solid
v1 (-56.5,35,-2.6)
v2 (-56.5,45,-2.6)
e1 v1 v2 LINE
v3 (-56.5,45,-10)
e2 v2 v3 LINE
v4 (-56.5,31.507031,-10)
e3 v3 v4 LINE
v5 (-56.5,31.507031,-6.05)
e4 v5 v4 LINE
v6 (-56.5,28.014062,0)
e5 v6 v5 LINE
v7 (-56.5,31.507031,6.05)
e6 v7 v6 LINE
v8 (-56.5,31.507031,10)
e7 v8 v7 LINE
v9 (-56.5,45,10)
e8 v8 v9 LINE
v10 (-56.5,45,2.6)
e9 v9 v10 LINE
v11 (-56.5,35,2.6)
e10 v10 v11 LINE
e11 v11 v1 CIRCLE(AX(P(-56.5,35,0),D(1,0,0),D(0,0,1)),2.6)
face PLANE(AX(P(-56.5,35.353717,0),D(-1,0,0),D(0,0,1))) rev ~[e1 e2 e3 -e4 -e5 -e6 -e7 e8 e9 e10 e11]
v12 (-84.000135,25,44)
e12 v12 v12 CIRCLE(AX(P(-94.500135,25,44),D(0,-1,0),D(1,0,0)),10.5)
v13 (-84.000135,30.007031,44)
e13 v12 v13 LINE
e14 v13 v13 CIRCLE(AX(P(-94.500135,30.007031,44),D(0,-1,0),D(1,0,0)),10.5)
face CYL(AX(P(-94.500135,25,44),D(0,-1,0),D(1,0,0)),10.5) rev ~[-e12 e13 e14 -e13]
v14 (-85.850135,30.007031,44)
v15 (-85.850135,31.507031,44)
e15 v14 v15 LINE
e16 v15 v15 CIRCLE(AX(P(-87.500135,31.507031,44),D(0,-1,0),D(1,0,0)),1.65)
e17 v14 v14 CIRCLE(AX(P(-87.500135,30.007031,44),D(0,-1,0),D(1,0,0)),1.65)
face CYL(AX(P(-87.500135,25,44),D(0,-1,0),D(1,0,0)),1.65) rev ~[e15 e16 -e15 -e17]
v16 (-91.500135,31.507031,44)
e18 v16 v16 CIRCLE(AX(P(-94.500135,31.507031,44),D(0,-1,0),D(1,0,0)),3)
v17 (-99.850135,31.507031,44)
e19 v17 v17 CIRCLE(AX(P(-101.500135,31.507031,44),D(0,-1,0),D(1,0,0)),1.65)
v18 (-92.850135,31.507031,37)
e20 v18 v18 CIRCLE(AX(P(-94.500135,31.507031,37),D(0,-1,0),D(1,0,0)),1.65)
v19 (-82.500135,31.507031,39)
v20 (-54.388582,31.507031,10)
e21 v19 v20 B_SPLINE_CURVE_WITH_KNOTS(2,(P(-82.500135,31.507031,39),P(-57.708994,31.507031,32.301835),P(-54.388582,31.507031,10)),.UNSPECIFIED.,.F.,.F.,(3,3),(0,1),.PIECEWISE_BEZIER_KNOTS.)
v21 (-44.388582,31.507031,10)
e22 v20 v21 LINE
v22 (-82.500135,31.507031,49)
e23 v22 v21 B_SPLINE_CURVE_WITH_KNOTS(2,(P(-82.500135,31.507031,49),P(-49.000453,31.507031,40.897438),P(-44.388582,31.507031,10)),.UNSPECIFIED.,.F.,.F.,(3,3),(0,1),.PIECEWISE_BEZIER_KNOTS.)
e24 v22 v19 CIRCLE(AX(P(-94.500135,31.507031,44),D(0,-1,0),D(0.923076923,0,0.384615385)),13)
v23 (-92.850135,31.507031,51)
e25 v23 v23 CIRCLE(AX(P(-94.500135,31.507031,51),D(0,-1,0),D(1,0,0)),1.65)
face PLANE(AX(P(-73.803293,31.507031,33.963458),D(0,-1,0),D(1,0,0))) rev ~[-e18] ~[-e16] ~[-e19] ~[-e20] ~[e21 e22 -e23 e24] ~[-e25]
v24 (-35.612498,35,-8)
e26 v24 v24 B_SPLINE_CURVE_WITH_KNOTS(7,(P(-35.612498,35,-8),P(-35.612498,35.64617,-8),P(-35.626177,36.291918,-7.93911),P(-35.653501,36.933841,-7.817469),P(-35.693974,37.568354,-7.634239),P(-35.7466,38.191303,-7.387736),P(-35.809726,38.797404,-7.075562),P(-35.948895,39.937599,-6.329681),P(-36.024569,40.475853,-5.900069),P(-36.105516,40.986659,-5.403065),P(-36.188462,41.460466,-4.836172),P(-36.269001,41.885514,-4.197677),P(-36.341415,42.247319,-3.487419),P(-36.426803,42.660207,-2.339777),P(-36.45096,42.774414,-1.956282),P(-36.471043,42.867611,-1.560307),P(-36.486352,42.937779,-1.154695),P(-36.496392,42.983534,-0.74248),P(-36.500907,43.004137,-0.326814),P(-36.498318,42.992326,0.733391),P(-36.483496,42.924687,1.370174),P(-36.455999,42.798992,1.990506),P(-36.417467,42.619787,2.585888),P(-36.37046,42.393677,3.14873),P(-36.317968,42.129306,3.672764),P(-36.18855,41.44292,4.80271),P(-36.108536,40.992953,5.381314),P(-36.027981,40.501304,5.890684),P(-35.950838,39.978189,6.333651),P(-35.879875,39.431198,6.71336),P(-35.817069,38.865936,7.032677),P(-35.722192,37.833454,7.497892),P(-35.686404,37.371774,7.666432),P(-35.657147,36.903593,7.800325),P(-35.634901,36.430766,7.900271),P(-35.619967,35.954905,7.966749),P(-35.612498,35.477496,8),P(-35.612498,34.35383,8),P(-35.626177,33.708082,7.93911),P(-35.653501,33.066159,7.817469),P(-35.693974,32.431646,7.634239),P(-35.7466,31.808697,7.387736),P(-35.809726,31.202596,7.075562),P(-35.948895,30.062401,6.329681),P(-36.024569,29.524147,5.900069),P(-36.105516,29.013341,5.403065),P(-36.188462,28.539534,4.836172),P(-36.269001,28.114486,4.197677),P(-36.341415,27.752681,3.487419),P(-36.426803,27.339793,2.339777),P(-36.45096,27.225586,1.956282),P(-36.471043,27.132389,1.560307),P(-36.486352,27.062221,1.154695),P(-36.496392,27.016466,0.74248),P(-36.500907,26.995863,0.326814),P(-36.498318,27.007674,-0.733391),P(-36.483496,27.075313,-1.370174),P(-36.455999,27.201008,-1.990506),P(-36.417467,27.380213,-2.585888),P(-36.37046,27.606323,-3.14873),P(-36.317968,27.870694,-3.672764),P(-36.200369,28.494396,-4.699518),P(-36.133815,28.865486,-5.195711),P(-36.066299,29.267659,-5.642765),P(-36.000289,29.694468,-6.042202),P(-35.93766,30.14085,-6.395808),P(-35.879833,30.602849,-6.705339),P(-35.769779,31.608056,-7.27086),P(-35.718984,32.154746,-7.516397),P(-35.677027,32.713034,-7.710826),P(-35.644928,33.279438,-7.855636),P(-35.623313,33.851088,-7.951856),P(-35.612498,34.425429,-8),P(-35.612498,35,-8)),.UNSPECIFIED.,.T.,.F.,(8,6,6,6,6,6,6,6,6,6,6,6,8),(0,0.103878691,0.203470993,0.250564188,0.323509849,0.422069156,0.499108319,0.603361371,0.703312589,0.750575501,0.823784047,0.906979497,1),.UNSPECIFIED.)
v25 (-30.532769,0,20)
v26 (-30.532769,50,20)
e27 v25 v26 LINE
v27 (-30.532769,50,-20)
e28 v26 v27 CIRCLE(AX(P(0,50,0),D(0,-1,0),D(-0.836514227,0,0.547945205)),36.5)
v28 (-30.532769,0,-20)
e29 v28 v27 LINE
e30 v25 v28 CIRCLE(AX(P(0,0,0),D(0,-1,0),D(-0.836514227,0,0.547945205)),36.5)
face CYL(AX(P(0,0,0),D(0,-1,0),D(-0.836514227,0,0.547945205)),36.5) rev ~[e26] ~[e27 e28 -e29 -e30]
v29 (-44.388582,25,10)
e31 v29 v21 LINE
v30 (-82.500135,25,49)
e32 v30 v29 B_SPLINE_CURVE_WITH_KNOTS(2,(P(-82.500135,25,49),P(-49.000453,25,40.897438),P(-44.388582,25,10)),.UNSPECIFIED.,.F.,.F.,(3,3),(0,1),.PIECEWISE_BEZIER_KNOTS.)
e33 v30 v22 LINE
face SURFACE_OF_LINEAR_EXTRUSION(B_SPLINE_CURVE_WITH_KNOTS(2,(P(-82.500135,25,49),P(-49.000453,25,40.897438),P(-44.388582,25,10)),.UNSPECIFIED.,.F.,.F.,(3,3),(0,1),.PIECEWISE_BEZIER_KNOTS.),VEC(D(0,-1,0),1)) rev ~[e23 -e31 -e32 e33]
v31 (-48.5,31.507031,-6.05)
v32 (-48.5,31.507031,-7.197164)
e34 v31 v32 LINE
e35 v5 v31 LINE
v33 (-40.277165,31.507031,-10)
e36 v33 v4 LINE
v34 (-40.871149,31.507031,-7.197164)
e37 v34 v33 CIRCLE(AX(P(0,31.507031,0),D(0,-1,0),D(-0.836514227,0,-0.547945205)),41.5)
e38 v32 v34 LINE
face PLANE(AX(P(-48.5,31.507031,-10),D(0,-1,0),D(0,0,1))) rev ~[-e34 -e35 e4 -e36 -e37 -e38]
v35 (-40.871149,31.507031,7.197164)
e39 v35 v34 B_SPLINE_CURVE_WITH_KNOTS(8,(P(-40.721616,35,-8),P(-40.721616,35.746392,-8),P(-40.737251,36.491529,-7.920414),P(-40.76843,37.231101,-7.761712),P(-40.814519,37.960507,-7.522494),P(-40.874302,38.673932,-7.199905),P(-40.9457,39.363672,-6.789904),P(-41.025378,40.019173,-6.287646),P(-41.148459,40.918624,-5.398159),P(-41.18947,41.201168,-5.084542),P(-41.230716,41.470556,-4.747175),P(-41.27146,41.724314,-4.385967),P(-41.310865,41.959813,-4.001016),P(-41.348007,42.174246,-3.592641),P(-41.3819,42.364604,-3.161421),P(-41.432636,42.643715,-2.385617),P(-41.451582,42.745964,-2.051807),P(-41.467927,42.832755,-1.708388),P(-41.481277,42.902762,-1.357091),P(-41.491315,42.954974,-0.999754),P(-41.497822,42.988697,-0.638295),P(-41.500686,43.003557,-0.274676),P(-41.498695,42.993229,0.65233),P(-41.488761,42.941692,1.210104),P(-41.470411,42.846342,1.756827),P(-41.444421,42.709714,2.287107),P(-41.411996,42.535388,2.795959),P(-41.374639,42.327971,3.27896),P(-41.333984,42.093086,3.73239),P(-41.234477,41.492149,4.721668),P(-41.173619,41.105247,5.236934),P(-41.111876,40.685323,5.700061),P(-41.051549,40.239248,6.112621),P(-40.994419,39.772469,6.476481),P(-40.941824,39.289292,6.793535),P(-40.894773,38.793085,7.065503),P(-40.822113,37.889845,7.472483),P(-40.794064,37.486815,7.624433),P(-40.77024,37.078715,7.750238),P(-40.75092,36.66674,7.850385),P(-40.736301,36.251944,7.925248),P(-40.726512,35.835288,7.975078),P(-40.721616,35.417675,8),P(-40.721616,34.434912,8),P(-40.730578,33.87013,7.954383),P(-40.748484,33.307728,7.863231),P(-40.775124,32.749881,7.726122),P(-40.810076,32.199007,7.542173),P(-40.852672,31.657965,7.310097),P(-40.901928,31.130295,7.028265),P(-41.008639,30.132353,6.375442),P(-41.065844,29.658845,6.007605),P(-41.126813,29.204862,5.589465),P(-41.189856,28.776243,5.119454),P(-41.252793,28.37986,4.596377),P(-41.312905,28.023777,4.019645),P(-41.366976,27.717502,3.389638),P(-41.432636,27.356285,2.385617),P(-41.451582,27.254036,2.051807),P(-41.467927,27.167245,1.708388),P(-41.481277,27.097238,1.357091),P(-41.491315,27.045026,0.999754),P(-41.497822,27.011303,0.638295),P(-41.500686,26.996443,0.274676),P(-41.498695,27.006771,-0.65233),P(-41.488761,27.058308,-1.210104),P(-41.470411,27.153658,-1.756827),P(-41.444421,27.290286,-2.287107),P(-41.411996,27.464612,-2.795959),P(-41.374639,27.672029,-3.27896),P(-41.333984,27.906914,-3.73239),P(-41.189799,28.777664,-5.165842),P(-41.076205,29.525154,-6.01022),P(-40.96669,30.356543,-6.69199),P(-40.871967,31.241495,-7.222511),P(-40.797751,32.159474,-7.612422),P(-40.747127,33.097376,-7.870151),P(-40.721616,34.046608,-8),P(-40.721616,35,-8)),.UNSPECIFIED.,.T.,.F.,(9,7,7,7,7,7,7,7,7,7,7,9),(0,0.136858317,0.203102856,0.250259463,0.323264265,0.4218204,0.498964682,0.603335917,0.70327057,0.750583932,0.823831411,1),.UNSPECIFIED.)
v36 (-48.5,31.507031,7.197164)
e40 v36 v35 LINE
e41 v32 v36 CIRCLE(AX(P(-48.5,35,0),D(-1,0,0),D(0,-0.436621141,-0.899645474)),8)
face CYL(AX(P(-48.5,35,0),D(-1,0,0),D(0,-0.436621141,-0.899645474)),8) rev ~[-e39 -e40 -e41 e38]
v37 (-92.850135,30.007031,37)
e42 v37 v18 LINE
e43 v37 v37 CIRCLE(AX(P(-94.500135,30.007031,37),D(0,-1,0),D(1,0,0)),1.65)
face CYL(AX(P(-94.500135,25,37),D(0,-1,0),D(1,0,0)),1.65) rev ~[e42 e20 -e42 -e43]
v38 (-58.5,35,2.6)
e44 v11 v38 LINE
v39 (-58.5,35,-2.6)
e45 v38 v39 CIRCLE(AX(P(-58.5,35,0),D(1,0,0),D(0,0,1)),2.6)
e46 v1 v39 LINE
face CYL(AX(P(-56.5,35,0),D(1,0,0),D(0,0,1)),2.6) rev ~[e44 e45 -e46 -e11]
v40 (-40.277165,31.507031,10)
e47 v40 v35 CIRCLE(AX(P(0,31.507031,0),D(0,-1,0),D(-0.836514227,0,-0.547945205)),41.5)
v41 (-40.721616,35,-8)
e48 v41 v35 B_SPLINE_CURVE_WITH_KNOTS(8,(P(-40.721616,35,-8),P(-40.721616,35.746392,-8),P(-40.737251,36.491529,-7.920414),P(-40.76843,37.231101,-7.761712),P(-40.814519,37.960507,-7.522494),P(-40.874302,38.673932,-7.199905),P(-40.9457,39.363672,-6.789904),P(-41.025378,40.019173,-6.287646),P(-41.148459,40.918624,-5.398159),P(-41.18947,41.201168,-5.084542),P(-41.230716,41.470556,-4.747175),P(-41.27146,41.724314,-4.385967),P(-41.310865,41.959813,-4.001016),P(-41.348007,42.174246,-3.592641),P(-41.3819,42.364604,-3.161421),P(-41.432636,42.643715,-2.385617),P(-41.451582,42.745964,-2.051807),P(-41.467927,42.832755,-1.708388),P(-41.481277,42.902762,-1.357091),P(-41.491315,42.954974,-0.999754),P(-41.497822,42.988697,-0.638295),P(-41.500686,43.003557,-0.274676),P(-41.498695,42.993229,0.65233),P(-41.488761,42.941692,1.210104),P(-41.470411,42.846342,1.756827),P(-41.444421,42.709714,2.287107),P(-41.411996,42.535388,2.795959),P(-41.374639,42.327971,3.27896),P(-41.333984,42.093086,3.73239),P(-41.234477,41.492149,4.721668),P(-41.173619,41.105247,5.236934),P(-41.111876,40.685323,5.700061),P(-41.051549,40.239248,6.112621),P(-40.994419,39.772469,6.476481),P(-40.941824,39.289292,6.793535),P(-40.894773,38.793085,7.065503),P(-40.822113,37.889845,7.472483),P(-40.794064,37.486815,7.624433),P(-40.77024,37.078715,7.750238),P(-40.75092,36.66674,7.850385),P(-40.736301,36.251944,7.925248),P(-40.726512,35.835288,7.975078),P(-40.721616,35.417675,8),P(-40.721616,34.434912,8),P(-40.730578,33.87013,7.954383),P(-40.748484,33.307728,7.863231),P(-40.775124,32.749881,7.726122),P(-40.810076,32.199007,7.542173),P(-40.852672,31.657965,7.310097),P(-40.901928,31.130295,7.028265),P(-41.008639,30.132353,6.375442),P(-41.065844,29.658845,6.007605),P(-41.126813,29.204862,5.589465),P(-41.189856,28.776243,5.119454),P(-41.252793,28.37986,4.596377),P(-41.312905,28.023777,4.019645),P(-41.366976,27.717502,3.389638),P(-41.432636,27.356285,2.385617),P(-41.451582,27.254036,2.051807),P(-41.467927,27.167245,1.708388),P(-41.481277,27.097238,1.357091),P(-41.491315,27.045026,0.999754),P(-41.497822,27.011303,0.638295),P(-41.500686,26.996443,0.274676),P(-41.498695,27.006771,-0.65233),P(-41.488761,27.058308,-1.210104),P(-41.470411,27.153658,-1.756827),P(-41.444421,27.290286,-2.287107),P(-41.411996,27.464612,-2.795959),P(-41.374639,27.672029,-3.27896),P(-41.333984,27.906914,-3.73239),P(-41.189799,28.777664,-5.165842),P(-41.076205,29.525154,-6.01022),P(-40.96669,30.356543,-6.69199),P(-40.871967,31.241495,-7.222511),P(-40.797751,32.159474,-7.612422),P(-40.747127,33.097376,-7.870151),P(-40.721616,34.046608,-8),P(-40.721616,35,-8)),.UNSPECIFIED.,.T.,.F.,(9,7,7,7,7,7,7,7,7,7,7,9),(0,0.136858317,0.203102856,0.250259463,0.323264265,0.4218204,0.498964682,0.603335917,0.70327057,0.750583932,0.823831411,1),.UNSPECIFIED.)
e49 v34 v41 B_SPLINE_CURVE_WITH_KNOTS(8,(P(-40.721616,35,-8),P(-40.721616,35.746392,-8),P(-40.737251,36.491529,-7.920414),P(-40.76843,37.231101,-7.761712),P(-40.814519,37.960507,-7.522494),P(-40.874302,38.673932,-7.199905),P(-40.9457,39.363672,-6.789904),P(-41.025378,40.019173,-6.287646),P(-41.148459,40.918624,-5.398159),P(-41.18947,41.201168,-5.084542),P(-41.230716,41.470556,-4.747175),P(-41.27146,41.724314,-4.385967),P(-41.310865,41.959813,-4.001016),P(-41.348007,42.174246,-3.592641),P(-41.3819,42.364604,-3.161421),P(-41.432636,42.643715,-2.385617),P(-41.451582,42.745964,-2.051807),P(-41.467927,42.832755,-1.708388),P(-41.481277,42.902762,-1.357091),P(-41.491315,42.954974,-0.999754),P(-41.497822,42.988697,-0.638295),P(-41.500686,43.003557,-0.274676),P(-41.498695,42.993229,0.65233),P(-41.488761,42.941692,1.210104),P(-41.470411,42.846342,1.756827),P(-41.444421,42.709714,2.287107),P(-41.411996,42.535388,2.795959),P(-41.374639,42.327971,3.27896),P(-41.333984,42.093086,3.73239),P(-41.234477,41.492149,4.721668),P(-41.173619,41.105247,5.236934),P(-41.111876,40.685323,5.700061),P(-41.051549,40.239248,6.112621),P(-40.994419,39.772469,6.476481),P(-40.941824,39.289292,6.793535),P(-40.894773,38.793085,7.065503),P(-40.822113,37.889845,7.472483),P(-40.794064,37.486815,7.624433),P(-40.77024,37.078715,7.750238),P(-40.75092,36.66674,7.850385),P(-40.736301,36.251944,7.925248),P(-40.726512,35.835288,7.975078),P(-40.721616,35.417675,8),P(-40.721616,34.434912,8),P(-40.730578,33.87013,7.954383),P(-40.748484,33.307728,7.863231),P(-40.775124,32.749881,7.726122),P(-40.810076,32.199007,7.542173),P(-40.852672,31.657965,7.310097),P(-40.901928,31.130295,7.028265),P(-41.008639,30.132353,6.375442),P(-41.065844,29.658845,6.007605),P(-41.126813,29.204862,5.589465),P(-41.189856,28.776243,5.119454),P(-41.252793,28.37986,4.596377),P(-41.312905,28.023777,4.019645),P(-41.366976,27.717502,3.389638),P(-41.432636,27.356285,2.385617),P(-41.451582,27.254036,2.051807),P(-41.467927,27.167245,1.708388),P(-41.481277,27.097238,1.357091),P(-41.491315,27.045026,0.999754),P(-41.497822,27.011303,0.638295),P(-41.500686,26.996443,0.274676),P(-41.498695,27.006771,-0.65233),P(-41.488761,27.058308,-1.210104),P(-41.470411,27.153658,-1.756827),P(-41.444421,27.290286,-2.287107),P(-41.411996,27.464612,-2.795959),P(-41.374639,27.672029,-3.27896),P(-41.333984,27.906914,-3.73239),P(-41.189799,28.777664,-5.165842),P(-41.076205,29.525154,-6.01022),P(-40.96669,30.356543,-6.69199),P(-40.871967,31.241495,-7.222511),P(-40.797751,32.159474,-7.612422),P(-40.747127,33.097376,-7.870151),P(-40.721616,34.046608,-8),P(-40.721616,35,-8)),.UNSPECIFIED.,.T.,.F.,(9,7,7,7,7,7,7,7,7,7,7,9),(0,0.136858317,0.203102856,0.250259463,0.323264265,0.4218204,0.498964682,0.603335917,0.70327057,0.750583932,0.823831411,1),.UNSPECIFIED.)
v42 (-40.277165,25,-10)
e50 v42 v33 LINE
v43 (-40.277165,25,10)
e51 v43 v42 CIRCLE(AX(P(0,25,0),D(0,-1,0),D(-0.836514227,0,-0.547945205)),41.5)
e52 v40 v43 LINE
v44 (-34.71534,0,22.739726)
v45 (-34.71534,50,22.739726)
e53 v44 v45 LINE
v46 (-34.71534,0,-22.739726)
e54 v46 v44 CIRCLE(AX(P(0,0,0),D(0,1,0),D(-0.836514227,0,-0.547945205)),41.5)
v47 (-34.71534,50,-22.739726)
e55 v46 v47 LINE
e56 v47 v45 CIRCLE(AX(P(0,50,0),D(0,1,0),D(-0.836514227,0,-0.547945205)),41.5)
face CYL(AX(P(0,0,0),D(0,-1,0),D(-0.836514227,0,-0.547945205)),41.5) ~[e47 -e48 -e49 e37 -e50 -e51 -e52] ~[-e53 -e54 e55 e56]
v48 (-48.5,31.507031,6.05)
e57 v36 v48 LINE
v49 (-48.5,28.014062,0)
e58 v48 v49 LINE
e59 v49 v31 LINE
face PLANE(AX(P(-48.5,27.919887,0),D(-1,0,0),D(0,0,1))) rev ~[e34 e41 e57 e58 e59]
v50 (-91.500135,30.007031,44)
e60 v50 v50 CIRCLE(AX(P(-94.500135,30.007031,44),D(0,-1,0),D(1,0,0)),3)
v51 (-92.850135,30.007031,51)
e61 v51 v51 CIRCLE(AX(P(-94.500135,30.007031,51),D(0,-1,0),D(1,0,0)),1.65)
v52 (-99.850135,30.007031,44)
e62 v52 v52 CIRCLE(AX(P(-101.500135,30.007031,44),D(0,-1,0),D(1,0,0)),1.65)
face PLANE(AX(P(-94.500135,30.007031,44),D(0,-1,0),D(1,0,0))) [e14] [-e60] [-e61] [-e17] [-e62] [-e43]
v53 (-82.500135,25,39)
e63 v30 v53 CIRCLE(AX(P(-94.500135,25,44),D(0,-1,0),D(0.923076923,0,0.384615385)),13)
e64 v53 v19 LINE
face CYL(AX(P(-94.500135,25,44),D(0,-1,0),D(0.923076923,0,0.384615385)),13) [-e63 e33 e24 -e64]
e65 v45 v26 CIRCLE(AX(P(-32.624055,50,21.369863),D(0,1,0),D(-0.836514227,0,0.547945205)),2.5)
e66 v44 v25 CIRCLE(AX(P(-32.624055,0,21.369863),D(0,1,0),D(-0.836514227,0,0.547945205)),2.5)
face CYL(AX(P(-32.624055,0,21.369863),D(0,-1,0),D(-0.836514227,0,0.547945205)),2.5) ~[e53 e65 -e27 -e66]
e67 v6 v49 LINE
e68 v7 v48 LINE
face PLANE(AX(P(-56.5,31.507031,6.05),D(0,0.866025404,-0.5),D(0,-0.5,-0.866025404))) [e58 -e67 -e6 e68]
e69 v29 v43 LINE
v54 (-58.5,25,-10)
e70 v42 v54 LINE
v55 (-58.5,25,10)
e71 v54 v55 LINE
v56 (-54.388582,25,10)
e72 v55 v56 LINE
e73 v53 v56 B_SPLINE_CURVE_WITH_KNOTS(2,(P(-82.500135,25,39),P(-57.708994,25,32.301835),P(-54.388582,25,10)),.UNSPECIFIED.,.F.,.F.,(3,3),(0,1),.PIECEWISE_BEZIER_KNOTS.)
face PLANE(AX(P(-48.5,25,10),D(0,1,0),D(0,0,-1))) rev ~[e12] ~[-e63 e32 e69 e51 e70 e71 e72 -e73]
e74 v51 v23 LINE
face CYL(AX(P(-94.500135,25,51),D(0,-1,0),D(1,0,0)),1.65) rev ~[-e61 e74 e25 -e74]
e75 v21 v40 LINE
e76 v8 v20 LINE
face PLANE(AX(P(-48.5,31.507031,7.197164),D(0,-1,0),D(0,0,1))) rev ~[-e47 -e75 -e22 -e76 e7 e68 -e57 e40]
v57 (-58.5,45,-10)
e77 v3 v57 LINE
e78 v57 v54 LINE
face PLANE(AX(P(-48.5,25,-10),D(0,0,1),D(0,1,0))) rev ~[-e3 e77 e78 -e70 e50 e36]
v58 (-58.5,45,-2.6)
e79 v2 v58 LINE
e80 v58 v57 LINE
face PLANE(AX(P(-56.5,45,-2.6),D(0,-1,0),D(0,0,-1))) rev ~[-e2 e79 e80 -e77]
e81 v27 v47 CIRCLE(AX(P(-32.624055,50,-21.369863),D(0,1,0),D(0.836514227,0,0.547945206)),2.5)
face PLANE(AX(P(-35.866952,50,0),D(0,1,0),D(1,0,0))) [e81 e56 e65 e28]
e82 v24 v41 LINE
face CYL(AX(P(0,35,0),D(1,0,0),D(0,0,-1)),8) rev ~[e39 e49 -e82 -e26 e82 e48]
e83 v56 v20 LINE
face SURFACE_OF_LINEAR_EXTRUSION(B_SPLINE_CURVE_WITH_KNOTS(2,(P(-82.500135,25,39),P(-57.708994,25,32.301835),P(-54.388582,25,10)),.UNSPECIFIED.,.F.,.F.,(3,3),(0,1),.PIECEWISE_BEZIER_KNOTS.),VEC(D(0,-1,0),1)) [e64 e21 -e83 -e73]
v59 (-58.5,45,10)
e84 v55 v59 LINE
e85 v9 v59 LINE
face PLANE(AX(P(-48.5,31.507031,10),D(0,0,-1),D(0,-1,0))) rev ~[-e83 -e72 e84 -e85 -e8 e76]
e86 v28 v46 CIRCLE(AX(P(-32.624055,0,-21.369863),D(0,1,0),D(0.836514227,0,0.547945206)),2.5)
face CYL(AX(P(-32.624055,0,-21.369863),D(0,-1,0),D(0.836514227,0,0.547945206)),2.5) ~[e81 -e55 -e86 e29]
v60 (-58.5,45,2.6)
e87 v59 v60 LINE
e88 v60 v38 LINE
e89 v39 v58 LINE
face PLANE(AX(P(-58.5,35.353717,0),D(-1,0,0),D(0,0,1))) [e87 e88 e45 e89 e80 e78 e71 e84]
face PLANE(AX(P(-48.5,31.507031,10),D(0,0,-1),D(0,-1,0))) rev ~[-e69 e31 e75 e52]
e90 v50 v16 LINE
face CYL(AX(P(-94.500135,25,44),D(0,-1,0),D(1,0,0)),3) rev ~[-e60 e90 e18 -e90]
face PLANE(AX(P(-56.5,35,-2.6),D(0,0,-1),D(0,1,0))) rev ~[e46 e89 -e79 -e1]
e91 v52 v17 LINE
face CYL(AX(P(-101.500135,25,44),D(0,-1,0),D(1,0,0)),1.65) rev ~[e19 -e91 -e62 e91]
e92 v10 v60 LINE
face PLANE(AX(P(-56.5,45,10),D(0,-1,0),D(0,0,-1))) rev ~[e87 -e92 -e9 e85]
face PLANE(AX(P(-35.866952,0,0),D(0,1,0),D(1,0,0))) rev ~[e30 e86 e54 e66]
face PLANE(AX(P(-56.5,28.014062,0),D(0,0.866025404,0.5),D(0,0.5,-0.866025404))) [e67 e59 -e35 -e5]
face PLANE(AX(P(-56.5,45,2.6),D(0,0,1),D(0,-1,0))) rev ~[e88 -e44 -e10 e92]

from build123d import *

# Parameters (mm, degrees)
BOSS_EXTRU_1_DEPTH      = 50
ESQUISSE2_R             = 8
ENL_V_MAT_EXTRU_1_DEPTH = 42.5
BOSS_EXTRU_3_DEPTH      = 2
BOSS_EXTRU_4_DEPTH      = 8
BOSS_EXTRU_5_DEPTH      = 8.222835
ESQUISSE8_R             = 1.65
ESQUISSE8_R_2           = 3
BOSS_EXTRU_6_DEPTH      = 6.507031
ESQUISSE9_R             = 10.5
ENL_V_MAT_EXTRU_2_DEPTH = 5.007031


with BuildPart() as part:
    # Esquisse1 → Boss.-Extru.1 (new body)
    with BuildSketch(Plane(origin=(0, 0, 0), x_dir=(1, 0, 0), z_dir=(0, 1, 0))):
        with BuildLine():
            ThreePointArc((-34.715340416, 22.739726027), (-41.5, 0), (-34.715340416, -22.739726027))
            ThreePointArc((-34.715340416, -22.739726027), (-31.254191835, -23.461148581), (-30.532769282, -20))
            ThreePointArc((-30.532769282, -20), (-36.5, 0), (-30.532769282, 20))
            ThreePointArc((-30.532769282, 20), (-31.254191835, 23.461148581), (-34.715340416, 22.739726027))
        make_face()
    extrude(amount=BOSS_EXTRU_1_DEPTH)

    # Esquisse2 → Enlèv. mat.-Extru.1 (cut, through all)
    with BuildSketch(Plane(origin=(0, 0, 0), x_dir=(0, 0, -1), z_dir=(1, 0, 0))):
        with Locations((0, 35)):
            Circle(ESQUISSE2_R)
    extrude(amount=-ENL_V_MAT_EXTRU_1_DEPTH, mode=Mode.SUBTRACT)



with BuildPart() as body_2:
    # Esquisse4 → Boss.-Extru.3 (new body)
    with BuildSketch(Plane.ZY.offset(56.5)):
        with BuildLine():
            Line((-2.6, 35), (-2.6, 45))
            Line((-2.6, 45), (-10, 45))
            Line((-10, 45), (-10, 25))
            Line((-10, 25), (10, 25))
            Line((10, 25), (10, 45))
            Line((10, 45), (2.6, 45))
            Line((2.6, 45), (2.6, 35))
            ThreePointArc((2.6, 35), (0, 32.4), (-2.6, 35))
        make_face()
    extrude(amount=BOSS_EXTRU_3_DEPTH)

    # Esquisse6 → Boss.-Extru.4 (add)
    with BuildSketch(Plane.ZY.offset(56.5)):
        Polygon((6.05, 31.507030871), (0, 28.014061743), (-6.05, 31.507030871), (-10, 31.507030871), (-10, 25), (10, 25), (10, 31.507030871), align=None)
    extrude(amount=-BOSS_EXTRU_4_DEPTH)


with BuildPart() as part_1:
    add(part.part)

    add(body_2.part)  # Boss.-Extru.5 merges body 2
    # Esquisse7 → Boss.-Extru.5 (add)
    with BuildSketch(Plane(origin=(-48.5, 0, 0), x_dir=(0, 0, -1), z_dir=(1, 0, 0))):
        with BuildLine():
            Line((10, 31.507030871), (7.197163793, 31.507030871))
            ThreePointArc((7.197163793, 31.507030871), (0, 27), (-7.197163793, 31.507030871))
            Line((-7.197163793, 31.507030871), (-10, 31.507030871))
            Line((-10, 31.507030871), (-10, 25))
            Line((-10, 25), (10, 25))
            Line((10, 25), (10, 31.507030871))
        make_face()
    extrude(amount=BOSS_EXTRU_5_DEPTH)

    # Esquisse8 → Boss.-Extru.6 (add)
    with BuildSketch(Plane.XZ.offset(-25)):
        with BuildLine():
            Line((-54.388582373, 10), (-44.388582373, 10))
            add(Edge.make_bspline(
                [(-82.50013532, 49), (-49.000452969, 40.897437534), (-44.388582373, 10)],
                knots=[0, 0, 0, 1, 1, 1], degree=2))
            ThreePointArc((-82.50013532, 49), (-107.50013532, 44), (-82.50013532, 39))
            add(Edge.make_bspline(
                [(-82.50013532, 39), (-57.708994437, 32.301835207), (-54.388582373, 10)],
                knots=[0, 0, 0, 1, 1, 1], degree=2))
        make_face()
        with Locations((-87.50013532, 44)):
            Circle(ESQUISSE8_R, mode=Mode.SUBTRACT)
        with Locations((-94.50013532, 37)):
            Circle(ESQUISSE8_R, mode=Mode.SUBTRACT)
        with Locations((-101.50013532, 44)):
            Circle(ESQUISSE8_R, mode=Mode.SUBTRACT)
        with Locations((-94.50013532, 51)):
            Circle(ESQUISSE8_R, mode=Mode.SUBTRACT)
        with Locations((-94.50013532, 44)):
            Circle(ESQUISSE8_R_2, mode=Mode.SUBTRACT)
    extrude(amount=-BOSS_EXTRU_6_DEPTH)

    # Esquisse9 → Enlèv. mat.-Extru.2 (cut)
    with BuildSketch(Plane.XZ.offset(-25)):
        with Locations((-94.50013532, 44)):
            Circle(ESQUISSE9_R)
    extrude(amount=-ENL_V_MAT_EXTRU_2_DEPTH, mode=Mode.SUBTRACT)


solid = part_1.part
